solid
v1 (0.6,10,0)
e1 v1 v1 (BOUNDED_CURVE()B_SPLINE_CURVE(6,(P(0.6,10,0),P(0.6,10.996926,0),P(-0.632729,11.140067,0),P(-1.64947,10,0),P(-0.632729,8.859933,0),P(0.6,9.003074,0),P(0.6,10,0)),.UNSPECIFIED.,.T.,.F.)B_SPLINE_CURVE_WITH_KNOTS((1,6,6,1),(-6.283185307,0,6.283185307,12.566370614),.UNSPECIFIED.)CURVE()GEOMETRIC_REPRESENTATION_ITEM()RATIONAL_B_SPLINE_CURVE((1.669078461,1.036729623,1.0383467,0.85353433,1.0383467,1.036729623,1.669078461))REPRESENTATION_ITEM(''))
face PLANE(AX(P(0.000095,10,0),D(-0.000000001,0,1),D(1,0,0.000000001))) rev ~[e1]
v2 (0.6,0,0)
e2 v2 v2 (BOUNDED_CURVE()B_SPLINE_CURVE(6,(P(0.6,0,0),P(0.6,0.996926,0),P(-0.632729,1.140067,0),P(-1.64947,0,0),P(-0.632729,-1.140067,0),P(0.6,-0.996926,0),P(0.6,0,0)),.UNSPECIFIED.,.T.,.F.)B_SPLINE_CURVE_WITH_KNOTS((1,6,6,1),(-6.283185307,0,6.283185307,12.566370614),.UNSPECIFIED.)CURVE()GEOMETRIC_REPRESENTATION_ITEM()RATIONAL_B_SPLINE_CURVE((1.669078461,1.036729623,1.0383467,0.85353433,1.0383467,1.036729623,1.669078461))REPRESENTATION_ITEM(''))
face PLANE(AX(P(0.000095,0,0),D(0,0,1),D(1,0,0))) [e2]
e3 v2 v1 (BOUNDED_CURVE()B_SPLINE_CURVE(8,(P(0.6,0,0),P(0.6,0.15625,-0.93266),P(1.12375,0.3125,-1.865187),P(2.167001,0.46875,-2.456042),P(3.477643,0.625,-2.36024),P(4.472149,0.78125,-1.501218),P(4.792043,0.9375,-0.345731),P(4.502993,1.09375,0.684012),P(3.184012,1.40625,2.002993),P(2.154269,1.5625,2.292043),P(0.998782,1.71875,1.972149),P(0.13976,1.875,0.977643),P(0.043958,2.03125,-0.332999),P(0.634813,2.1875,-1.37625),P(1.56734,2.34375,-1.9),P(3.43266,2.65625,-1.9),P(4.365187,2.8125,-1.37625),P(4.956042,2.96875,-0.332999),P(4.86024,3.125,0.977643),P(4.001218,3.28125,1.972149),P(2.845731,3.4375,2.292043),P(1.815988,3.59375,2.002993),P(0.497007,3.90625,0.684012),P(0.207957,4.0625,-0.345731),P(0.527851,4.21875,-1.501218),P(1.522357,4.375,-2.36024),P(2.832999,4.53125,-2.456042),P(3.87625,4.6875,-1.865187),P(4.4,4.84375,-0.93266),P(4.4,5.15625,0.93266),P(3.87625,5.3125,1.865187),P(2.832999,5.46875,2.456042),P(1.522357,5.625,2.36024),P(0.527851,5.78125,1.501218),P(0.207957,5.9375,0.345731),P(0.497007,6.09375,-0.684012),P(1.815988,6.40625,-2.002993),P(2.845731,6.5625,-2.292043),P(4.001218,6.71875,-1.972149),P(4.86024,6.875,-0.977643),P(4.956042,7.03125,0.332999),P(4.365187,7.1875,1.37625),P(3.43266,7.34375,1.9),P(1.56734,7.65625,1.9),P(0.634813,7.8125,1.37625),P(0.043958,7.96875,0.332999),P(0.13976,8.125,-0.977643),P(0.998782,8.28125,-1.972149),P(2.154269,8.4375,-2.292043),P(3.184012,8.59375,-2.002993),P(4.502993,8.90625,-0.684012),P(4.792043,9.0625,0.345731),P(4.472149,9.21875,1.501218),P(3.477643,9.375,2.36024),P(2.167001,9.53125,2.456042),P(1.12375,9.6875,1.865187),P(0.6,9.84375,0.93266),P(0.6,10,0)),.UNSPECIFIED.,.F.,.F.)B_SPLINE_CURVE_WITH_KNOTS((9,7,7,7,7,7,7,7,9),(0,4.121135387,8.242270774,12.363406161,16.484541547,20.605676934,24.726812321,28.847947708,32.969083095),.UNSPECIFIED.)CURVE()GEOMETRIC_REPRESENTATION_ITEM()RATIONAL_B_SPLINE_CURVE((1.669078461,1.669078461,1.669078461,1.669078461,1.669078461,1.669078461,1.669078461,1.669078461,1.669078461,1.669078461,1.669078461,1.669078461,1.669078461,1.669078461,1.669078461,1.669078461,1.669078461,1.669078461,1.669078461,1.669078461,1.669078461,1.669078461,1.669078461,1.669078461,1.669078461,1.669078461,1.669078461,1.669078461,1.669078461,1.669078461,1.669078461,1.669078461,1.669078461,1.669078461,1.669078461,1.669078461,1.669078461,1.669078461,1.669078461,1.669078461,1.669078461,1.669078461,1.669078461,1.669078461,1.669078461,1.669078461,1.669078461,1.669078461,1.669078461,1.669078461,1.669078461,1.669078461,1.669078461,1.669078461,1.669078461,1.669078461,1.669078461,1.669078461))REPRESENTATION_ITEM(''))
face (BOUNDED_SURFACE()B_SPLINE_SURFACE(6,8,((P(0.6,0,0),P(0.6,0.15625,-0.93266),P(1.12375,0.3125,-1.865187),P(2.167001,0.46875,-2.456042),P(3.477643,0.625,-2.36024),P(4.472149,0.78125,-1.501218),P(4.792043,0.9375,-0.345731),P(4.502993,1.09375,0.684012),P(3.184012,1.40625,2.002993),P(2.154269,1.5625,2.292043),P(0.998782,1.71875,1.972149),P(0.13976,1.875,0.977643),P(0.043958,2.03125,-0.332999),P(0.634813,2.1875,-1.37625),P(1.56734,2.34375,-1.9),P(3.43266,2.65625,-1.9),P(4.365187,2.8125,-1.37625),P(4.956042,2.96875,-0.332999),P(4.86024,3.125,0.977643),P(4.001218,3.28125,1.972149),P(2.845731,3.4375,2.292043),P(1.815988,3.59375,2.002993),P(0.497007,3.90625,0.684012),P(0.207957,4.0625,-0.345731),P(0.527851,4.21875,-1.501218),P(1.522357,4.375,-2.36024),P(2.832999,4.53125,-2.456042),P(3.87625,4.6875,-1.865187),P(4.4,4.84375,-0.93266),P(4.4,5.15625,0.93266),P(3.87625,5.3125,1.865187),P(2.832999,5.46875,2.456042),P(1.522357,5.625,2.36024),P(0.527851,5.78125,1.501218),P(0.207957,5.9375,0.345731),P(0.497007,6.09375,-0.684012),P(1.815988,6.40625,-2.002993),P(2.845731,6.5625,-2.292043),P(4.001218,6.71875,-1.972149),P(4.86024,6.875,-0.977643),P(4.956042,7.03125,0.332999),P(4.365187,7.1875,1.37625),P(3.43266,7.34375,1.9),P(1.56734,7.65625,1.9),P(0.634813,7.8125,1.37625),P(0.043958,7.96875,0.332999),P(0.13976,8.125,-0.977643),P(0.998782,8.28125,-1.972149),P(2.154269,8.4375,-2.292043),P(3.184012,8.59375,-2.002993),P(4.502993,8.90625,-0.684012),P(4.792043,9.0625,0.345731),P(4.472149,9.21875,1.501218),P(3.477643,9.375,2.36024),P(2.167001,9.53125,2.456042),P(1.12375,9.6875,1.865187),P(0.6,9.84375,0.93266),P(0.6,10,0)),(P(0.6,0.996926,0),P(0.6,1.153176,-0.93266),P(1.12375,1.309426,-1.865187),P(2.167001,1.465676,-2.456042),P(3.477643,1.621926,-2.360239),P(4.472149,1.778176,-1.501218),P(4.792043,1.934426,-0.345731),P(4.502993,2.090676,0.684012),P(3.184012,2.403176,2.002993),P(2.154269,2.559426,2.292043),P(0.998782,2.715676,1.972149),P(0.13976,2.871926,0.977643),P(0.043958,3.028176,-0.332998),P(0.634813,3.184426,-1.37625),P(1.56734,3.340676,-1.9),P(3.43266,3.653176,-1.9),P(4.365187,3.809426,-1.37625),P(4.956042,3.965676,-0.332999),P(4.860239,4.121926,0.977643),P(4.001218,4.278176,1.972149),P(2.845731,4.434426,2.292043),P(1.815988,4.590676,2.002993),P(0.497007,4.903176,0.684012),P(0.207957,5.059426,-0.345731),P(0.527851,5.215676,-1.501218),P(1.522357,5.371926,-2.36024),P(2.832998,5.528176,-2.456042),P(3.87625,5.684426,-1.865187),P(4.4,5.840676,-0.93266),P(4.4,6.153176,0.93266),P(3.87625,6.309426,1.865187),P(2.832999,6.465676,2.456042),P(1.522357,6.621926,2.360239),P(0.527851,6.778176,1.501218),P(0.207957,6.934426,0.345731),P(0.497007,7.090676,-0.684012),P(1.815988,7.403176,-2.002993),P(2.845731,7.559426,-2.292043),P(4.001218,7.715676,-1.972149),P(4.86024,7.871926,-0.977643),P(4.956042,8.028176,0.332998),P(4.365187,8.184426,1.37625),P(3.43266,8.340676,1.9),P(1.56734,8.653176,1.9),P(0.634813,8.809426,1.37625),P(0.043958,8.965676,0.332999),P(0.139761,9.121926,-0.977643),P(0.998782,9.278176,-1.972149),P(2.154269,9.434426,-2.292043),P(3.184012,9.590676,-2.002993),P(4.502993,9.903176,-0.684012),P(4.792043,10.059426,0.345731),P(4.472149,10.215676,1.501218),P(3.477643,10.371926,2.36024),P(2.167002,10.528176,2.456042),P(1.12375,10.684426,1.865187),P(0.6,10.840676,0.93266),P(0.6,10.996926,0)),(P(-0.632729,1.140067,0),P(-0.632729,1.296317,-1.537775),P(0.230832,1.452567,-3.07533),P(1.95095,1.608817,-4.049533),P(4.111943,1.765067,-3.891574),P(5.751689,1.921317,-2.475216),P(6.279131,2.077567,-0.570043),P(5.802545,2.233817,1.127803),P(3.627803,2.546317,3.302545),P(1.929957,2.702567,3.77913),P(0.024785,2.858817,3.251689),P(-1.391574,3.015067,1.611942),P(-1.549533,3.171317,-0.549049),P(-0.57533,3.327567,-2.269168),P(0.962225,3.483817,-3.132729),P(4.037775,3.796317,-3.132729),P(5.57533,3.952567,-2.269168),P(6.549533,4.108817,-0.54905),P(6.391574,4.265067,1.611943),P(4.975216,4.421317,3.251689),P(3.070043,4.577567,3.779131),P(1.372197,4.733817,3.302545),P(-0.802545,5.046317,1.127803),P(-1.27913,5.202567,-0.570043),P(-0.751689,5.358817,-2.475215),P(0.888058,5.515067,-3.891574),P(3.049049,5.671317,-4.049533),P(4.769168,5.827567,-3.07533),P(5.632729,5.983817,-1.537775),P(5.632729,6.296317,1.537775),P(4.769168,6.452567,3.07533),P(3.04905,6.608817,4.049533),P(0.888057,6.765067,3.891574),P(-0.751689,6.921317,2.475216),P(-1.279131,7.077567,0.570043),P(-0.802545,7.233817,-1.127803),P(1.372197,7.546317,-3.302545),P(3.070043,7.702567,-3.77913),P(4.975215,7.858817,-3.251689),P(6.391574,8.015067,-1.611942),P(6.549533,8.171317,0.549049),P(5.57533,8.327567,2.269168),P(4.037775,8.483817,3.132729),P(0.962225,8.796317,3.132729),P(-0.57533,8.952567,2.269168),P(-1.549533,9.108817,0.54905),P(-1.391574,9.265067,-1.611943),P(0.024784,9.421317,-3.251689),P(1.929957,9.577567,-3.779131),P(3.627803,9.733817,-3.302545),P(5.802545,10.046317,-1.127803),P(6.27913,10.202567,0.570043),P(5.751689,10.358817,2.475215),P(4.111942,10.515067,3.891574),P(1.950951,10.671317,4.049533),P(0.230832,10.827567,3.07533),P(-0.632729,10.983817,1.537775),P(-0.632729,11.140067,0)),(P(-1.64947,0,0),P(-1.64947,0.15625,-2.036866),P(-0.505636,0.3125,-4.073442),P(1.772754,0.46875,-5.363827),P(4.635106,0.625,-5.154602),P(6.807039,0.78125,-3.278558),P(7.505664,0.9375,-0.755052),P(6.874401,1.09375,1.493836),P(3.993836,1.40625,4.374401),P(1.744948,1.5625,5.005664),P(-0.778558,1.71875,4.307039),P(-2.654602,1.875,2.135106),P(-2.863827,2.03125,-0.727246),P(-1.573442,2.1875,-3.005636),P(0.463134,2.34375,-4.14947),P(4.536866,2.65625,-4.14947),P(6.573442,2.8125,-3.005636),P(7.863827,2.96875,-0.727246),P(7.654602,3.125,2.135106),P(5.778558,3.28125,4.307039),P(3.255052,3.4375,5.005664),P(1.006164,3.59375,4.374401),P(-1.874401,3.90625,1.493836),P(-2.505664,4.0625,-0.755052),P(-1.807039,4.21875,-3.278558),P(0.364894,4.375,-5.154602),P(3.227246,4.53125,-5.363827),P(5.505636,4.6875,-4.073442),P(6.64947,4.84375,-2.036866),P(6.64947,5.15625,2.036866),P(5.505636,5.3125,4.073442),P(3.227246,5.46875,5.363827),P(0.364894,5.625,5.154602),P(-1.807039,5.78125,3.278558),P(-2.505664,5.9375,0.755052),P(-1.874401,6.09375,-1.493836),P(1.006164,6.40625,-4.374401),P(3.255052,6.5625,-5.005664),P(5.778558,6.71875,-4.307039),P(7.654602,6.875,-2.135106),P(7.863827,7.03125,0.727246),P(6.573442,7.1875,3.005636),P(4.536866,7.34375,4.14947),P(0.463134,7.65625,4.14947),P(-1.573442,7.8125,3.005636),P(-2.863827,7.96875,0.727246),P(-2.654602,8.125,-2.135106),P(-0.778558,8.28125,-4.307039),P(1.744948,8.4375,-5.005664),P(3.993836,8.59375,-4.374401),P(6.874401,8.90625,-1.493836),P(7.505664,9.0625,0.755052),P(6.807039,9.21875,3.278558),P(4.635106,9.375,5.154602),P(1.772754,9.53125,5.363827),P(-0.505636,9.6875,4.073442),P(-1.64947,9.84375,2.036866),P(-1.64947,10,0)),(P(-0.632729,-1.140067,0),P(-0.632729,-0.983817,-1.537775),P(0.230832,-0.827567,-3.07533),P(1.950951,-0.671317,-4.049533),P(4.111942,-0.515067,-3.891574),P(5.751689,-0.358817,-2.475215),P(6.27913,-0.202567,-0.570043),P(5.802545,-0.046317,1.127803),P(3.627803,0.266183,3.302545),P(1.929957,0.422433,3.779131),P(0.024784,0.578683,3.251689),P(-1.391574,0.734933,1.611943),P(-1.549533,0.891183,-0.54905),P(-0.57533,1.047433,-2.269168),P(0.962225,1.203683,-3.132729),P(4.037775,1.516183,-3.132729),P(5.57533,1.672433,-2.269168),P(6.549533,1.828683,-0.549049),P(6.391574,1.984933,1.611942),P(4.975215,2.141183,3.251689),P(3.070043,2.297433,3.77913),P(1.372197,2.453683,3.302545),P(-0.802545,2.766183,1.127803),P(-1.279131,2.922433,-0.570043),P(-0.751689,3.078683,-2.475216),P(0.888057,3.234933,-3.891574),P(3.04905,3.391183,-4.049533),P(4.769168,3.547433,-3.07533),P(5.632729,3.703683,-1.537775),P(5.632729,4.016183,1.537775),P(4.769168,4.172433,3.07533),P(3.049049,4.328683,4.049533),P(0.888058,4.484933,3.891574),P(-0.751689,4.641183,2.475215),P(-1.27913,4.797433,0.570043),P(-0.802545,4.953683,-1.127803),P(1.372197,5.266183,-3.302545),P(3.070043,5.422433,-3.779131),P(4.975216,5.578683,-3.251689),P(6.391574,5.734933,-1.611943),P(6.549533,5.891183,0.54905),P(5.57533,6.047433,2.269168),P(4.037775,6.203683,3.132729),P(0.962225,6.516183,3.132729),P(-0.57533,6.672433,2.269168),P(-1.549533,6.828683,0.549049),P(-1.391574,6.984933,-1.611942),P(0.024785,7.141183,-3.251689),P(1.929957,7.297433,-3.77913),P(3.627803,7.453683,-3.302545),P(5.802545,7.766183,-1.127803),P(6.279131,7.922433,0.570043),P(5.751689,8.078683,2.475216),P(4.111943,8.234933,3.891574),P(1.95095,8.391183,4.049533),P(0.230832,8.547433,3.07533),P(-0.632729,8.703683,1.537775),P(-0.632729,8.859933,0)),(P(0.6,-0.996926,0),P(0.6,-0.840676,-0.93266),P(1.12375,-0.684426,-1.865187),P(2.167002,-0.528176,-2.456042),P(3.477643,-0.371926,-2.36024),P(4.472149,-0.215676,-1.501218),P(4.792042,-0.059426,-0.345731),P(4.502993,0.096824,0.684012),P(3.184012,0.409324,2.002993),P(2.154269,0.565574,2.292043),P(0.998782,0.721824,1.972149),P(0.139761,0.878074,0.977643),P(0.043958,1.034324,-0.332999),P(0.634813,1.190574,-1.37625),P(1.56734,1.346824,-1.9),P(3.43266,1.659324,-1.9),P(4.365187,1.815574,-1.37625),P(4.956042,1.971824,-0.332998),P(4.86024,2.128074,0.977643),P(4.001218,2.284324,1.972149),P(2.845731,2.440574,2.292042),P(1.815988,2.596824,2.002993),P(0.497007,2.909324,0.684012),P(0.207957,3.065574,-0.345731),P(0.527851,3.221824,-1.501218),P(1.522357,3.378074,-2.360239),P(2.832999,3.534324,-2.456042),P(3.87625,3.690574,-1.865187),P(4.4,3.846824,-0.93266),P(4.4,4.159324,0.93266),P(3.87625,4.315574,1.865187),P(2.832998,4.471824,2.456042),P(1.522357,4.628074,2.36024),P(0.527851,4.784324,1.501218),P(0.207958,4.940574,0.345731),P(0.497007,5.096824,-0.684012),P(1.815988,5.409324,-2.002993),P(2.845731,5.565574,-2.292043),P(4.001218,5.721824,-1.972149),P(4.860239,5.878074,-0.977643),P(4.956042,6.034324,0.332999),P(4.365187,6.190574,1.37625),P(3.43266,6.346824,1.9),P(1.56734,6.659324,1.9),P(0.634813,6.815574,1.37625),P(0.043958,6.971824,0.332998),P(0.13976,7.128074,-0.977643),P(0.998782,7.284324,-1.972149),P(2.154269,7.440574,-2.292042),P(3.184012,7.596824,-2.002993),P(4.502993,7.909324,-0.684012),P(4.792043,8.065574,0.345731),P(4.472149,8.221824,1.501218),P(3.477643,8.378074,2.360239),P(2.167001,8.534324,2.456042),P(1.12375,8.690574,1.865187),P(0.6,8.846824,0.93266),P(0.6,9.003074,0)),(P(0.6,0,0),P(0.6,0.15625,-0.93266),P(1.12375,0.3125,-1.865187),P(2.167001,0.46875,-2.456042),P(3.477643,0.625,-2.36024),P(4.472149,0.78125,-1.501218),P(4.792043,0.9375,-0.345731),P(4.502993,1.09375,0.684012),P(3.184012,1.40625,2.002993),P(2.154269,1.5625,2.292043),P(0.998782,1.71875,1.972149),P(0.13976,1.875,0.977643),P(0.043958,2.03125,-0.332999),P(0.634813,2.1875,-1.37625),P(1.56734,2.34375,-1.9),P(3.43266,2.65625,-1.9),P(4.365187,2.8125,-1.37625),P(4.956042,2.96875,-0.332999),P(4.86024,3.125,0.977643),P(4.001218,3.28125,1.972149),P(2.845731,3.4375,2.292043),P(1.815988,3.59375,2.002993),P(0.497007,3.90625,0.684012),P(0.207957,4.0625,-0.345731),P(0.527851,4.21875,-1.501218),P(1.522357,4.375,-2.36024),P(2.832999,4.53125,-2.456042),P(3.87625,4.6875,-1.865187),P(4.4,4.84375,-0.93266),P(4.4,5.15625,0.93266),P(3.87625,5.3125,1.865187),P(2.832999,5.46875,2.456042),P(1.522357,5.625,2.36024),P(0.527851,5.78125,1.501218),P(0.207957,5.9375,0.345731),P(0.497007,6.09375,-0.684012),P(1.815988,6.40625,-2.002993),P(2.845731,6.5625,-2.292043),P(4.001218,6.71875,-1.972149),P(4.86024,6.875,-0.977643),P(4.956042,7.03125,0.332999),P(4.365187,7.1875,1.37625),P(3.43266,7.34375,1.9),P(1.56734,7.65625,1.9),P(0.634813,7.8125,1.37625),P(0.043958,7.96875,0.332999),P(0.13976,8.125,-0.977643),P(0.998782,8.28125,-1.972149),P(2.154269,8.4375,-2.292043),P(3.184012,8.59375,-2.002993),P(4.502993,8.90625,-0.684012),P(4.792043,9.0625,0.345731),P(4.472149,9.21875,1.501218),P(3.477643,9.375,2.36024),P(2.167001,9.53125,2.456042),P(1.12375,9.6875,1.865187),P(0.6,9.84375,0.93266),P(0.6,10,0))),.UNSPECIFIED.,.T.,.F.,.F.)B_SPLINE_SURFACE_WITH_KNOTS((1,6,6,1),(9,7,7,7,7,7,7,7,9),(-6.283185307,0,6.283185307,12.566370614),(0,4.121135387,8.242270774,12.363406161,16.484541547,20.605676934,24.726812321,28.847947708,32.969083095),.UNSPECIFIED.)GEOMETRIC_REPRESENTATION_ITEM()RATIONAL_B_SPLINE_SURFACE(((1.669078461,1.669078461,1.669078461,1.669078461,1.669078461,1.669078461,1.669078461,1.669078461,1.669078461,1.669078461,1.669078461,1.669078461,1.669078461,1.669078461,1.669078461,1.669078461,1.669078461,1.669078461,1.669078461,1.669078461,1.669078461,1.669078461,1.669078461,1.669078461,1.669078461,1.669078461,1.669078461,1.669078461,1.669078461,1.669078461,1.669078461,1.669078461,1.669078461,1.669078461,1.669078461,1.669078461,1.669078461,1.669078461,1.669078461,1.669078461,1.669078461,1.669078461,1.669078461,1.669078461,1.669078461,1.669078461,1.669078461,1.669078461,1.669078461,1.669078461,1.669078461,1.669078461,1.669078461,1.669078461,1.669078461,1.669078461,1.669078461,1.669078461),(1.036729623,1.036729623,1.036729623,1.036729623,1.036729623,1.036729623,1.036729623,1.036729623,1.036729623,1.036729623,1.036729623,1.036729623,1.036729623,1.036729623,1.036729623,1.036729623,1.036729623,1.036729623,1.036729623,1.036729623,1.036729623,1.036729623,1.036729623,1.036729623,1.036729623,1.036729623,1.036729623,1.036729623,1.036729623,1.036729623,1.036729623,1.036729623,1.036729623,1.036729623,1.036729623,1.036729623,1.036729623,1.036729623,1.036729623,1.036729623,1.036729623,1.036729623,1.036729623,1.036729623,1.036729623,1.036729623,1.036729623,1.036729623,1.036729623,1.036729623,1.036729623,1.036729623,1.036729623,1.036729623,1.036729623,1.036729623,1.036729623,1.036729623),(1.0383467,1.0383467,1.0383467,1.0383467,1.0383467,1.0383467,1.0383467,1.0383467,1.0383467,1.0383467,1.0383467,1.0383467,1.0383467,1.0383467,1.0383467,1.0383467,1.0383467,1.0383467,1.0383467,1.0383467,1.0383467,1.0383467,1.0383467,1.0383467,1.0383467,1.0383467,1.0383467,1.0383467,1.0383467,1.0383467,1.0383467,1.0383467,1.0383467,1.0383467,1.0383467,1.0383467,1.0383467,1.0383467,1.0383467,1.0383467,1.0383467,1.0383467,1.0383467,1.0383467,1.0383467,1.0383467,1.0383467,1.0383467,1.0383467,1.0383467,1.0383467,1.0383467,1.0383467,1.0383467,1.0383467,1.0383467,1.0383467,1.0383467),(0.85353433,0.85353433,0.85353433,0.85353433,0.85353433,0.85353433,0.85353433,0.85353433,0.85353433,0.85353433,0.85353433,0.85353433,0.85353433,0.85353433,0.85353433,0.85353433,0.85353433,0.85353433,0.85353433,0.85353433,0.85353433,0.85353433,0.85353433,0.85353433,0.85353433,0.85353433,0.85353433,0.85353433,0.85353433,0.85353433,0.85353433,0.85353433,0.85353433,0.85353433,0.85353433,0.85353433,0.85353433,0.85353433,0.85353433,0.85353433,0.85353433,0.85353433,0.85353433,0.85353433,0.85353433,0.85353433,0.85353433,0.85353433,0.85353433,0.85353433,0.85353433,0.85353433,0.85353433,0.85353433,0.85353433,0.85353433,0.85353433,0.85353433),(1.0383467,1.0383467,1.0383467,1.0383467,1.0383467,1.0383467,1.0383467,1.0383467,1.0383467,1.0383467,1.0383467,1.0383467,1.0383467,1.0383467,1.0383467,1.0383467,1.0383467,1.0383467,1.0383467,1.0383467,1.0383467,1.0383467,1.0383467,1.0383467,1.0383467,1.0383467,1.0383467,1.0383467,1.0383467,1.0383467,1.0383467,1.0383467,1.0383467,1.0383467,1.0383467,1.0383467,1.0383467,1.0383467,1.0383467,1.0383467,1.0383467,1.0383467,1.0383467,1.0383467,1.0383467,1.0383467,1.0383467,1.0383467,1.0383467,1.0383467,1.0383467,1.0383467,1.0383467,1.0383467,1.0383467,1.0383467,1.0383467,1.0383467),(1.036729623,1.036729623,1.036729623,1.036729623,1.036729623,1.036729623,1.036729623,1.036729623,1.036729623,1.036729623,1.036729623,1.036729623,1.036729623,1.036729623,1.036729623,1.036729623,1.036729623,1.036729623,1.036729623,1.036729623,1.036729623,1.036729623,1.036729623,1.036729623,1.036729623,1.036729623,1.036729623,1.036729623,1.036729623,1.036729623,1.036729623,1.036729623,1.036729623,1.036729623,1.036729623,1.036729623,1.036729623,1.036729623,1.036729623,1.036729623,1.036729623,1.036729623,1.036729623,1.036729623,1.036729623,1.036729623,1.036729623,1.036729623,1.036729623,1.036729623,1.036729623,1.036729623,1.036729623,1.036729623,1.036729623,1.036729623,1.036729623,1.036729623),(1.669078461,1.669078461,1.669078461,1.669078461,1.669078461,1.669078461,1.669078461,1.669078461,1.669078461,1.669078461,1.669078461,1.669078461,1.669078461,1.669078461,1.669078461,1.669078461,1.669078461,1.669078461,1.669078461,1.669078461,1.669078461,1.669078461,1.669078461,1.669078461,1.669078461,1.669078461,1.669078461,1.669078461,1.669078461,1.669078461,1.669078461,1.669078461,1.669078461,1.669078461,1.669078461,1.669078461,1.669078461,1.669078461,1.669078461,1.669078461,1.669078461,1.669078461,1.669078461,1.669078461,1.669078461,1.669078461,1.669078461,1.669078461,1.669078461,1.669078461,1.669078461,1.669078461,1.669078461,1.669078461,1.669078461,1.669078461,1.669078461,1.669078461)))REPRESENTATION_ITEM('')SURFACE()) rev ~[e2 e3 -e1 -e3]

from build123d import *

# Parameters (mm, degrees)
SWEEP1_PITCH       = 2
SWEEP1_HEIGHT      = 10
SWEEP1_RADIUS      = 2.5
SWEEP1_START_ANGLE = -90
SKETCH1_R          = 0.6


with BuildPart() as part:
    # Sweep1: sweep along a helix
    with BuildLine() as sweep1_path:
        add(Helix(SWEEP1_PITCH, SWEEP1_HEIGHT, SWEEP1_RADIUS, center=(2.5, 0, 0), direction=(0, 1, 0), lefthand=True, mode=Mode.PRIVATE).rotate(Axis((2.5, 0, 0), (0, 1, 0)), SWEEP1_START_ANGLE))
    # Sketch1 → Sweep1 (sweep)
    with BuildSketch(Plane.XY):
        Circle(SKETCH1_R)
    sweep(path=sweep1_path.line, is_frenet=True)


solid = part.part
